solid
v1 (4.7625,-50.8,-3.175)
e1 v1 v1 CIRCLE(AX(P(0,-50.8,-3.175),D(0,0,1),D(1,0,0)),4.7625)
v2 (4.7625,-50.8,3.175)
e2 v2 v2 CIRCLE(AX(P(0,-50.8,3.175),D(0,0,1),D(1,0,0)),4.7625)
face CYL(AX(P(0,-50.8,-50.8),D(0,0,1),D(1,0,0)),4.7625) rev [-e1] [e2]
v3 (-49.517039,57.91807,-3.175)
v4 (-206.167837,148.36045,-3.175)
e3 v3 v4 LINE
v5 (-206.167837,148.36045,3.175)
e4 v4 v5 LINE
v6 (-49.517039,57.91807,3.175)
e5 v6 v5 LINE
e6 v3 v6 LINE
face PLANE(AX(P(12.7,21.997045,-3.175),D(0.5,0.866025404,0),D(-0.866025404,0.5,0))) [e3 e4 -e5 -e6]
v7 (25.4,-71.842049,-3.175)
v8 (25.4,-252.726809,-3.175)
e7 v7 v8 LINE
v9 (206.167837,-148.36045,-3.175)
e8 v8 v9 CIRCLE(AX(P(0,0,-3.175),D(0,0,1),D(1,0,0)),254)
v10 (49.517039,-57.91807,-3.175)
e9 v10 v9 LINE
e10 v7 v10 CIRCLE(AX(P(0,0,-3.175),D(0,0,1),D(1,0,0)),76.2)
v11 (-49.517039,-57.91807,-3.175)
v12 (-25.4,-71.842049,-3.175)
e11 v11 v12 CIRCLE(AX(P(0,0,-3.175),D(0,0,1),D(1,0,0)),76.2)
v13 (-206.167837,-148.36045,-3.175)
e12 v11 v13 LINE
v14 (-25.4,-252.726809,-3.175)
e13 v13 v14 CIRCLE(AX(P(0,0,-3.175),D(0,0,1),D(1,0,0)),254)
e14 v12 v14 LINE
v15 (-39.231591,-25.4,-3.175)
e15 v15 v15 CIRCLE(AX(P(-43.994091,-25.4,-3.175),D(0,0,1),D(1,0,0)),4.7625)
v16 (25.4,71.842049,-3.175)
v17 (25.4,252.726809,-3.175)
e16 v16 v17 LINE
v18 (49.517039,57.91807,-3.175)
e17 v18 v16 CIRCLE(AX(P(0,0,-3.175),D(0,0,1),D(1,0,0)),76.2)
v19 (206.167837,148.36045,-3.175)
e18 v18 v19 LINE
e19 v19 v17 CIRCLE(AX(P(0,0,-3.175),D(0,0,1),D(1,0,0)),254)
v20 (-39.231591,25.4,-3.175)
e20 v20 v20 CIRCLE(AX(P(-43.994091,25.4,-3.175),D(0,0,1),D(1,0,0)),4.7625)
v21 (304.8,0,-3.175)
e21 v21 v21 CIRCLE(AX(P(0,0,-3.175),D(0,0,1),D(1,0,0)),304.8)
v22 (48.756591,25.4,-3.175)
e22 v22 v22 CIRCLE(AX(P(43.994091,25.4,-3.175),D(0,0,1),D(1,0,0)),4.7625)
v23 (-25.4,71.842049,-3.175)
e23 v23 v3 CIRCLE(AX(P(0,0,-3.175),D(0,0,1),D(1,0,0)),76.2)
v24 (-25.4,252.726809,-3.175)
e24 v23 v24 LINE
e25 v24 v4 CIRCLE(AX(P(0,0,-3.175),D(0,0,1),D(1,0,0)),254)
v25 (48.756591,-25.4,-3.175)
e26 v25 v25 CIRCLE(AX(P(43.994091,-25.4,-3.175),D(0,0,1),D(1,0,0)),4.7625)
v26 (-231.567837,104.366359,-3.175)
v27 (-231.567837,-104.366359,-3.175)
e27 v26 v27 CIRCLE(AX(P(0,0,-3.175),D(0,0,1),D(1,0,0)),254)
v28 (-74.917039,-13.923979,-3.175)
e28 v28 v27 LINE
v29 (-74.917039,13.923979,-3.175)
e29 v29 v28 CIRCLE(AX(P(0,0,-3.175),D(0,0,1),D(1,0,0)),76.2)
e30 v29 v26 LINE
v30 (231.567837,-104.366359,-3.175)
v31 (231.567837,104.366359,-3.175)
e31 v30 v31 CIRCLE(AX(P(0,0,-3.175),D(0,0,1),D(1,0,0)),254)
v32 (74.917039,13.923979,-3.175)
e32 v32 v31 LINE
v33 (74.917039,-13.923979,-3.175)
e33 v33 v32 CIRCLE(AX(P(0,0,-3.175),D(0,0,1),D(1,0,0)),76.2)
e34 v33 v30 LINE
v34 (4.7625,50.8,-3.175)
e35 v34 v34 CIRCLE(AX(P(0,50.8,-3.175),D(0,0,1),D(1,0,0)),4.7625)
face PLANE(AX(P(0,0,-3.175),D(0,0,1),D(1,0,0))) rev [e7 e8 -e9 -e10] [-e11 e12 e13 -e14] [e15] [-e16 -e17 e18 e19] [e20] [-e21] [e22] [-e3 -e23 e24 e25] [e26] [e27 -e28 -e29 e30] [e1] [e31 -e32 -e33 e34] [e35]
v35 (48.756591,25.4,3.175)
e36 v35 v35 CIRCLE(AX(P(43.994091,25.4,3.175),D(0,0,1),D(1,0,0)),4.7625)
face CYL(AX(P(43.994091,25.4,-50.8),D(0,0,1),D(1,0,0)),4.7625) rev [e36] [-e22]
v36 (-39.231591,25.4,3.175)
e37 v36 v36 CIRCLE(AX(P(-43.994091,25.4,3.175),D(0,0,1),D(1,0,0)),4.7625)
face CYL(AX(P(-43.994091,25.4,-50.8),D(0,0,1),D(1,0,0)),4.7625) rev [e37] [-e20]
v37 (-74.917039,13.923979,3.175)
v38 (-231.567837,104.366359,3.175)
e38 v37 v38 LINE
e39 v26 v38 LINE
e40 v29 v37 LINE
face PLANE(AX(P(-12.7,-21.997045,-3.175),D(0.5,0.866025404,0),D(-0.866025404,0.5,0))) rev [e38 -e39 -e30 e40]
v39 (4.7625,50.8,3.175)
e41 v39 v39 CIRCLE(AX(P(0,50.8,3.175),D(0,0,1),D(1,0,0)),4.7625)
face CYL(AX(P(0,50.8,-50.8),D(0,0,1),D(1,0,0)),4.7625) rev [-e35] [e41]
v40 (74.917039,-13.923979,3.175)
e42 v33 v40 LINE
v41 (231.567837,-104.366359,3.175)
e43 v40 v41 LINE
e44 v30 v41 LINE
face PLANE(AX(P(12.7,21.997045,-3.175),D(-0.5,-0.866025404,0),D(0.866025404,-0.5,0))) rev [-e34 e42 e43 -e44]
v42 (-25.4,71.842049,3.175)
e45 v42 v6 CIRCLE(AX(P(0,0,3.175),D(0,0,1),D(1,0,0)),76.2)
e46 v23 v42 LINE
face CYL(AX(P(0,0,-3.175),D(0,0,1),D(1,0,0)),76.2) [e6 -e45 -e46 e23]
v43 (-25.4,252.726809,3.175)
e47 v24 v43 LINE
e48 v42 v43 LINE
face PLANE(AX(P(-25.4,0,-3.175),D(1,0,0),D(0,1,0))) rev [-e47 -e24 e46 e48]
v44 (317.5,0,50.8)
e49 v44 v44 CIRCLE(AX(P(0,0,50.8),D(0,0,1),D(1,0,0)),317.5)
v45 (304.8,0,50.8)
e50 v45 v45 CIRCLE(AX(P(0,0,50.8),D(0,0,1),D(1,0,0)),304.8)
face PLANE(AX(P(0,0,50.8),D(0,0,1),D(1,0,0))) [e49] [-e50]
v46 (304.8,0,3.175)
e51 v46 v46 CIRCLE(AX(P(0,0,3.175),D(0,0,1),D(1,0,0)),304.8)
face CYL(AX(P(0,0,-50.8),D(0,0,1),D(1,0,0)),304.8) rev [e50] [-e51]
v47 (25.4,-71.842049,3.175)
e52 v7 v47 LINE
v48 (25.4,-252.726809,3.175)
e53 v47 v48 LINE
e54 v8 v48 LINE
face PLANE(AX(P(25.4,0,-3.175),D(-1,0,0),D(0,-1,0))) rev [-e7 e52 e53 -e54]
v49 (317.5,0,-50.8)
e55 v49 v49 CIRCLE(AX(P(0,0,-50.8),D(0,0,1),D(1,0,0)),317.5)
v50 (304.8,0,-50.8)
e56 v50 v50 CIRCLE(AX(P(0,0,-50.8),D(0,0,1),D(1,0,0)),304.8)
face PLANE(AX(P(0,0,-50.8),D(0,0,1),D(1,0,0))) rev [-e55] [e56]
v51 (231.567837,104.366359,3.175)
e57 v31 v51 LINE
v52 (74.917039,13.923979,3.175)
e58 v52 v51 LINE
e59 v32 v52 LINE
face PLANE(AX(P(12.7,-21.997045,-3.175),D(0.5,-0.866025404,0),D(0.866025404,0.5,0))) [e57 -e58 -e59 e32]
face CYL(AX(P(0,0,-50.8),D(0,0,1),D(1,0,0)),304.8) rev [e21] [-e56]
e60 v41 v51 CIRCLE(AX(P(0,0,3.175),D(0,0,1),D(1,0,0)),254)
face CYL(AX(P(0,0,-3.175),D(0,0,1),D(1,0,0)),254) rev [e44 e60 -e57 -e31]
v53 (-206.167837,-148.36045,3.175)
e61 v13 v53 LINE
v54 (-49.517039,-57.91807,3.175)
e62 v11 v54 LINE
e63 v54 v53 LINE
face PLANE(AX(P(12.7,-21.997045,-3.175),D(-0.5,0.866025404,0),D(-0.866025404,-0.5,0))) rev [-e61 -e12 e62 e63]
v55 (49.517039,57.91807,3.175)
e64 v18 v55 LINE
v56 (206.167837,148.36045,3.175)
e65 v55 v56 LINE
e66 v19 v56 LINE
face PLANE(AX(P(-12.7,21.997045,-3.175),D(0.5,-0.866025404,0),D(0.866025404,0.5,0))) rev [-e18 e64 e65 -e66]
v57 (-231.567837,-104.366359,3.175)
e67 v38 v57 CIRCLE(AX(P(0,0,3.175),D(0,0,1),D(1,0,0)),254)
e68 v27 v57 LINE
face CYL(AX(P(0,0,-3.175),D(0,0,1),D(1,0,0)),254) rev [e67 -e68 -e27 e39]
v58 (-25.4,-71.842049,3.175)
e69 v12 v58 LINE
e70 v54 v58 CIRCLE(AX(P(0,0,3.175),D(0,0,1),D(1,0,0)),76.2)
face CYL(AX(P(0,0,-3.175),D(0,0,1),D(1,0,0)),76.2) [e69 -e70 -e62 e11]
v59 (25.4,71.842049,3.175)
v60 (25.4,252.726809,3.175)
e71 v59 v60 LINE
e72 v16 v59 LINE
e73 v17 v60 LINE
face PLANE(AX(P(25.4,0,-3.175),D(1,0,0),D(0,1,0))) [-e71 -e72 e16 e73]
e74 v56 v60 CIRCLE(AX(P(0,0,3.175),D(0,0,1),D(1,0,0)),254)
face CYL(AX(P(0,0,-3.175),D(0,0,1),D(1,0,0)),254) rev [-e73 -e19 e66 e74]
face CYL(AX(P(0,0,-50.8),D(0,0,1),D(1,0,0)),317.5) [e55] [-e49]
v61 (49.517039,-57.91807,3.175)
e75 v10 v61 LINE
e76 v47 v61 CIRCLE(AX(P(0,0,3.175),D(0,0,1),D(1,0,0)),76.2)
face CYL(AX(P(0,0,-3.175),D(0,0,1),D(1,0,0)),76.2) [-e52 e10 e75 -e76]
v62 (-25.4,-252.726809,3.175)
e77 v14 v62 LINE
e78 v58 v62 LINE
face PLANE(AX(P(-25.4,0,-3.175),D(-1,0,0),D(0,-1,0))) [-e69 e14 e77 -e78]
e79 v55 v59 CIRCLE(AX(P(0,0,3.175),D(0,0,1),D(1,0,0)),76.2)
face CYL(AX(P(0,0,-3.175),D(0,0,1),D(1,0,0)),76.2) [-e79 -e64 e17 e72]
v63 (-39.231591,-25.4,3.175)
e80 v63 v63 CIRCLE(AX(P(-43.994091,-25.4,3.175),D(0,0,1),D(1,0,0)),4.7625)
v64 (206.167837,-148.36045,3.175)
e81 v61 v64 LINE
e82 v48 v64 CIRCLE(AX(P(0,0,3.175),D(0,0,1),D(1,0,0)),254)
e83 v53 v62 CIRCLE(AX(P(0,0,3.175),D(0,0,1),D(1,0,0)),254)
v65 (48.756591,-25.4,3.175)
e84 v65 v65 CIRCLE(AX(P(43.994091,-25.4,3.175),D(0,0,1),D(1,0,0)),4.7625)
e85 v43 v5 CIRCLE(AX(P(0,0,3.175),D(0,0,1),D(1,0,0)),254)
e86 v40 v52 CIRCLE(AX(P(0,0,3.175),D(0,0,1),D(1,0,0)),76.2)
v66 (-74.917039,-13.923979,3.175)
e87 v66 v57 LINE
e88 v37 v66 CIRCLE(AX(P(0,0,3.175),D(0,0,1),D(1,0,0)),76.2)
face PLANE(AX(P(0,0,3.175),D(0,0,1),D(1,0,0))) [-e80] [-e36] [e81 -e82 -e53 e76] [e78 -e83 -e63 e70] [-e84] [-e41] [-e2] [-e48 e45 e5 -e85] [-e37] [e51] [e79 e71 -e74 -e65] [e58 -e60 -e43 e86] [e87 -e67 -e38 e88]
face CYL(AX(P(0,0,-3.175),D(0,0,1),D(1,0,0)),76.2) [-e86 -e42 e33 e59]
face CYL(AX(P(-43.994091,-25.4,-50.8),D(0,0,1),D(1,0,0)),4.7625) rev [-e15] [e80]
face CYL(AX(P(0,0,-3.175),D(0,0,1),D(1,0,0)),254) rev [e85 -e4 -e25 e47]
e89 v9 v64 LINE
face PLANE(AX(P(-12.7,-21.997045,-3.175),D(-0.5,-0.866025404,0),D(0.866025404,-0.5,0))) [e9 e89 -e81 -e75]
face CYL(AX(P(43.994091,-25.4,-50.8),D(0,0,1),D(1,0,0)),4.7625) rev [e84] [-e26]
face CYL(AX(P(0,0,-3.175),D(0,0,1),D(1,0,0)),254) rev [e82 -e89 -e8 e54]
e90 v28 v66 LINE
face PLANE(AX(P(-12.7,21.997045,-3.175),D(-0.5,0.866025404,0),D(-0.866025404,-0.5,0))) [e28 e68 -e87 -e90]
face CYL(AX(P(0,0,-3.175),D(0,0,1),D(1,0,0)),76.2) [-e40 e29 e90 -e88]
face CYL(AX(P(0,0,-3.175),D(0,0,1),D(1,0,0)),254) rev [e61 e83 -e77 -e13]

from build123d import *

# Parameters (mm, degrees)
BOSS_EXTRUDE1_DEPTH      = 3.175
BOSS_EXTRUDE1_DEPTH_BACK = 3.175
SKETCH2_R                = 304.8
BOSS_EXTRUDE2_DEPTH      = 50.8
BOSS_EXTRUDE2_DEPTH_BACK = 50.8
SKETCH5_R                = 317.5
SKETCH5_R_2              = 304.8
SKETCH6_R                = 4.7625
CUT_EXTRUDE1_DEPTH       = 453.245288118


with BuildPart() as part:
    # Sketch2 → Boss-Extrude1 (new, two sides: drawn at the far end of the back side and taken through both)
    with BuildSketch(Plane.XY.offset(-BOSS_EXTRUDE1_DEPTH_BACK)):
        Circle(SKETCH2_R)
        with BuildLine():
            ThreePointArc((25.4, -71.842048969), (38.1, -65.991135768), (49.517039467, -57.91806974))
            Line((49.517039467, -57.91806974), (206.167836833, -148.360449769))
            ThreePointArc((206.167836833, -148.360449769), (127, -219.970452561), (25.4, -252.726809025))
            Line((25.4, -252.726809025), (25.4, -71.842048969))
        make_face(mode=Mode.SUBTRACT)
        with BuildLine():
            ThreePointArc((-49.517039467, -57.91806974), (-38.1, -65.991135768), (-25.4, -71.842048969))
            Line((-25.4, -71.842048969), (-25.4, -252.726809025))
            ThreePointArc((-25.4, -252.726809025), (-127, -219.970452561), (-206.167836833, -148.360449769))
            Line((-206.167836833, -148.360449769), (-49.517039467, -57.91806974))
        make_face(mode=Mode.SUBTRACT)
        with BuildLine():
            ThreePointArc((-74.917039467, 13.923979228), (-76.2, 0), (-74.917039467, -13.923979228))
            Line((-74.917039467, -13.923979228), (-231.567836833, -104.366359256))
            ThreePointArc((-231.567836833, -104.366359256), (-254, 0), (-231.567836833, 104.366359256))
            Line((-231.567836833, 104.366359256), (-74.917039467, 13.923979228))
        make_face(mode=Mode.SUBTRACT)
        with BuildLine():
            ThreePointArc((-25.4, 71.842048969), (-38.1, 65.991135768), (-49.517039467, 57.91806974))
            Line((-49.517039467, 57.91806974), (-206.167836833, 148.360449769))
            ThreePointArc((-206.167836833, 148.360449769), (-127, 219.970452561), (-25.4, 252.726809025))
            Line((-25.4, 252.726809025), (-25.4, 71.842048969))
        make_face(mode=Mode.SUBTRACT)
        with BuildLine():
            ThreePointArc((49.517039467, 57.91806974), (38.1, 65.991135768), (25.4, 71.842048969))
            Line((25.4, 71.842048969), (25.4, 252.726809025))
            ThreePointArc((25.4, 252.726809025), (127, 219.970452561), (206.167836833, 148.360449769))
            Line((206.167836833, 148.360449769), (49.517039467, 57.91806974))
        make_face(mode=Mode.SUBTRACT)
        with BuildLine():
            Line((74.917039467, 13.923979228), (231.567836833, 104.366359256))
            ThreePointArc((231.567836833, 104.366359256), (254, 0), (231.567836833, -104.366359256))
            Line((231.567836833, -104.366359256), (74.917039467, -13.923979228))
            ThreePointArc((74.917039467, -13.923979228), (76.2, 0), (74.917039467, 13.923979228))
        make_face(mode=Mode.SUBTRACT)
    extrude(amount=BOSS_EXTRUDE1_DEPTH + BOSS_EXTRUDE1_DEPTH_BACK)

    # Sketch5 → Boss-Extrude2 (add, two sides: drawn at the far end of the back side and taken through both)
    with BuildSketch(Plane.XY.offset(-BOSS_EXTRUDE2_DEPTH_BACK)):
        Circle(SKETCH5_R)
        Circle(SKETCH5_R_2, mode=Mode.SUBTRACT)
    extrude(amount=BOSS_EXTRUDE2_DEPTH + BOSS_EXTRUDE2_DEPTH_BACK)

    # Sketch6 → Cut-Extrude1 (cut, through all)
    with BuildSketch(Plane.XY.offset(3.175)):
        with Locations((0, 50.8)):
            Circle(SKETCH6_R)
        with Locations((43.994090512, 25.4)):
            Circle(SKETCH6_R)
        with Locations((43.994090512, -25.4)):
            Circle(SKETCH6_R)
        with Locations((0, -50.8)):
            Circle(SKETCH6_R)
        with Locations((-43.994090512, -25.4)):
            Circle(SKETCH6_R)
        with Locations((-43.994090512, 25.4)):
            Circle(SKETCH6_R)
    extrude(amount=-CUT_EXTRUDE1_DEPTH, mode=Mode.SUBTRACT)


solid = part.part
